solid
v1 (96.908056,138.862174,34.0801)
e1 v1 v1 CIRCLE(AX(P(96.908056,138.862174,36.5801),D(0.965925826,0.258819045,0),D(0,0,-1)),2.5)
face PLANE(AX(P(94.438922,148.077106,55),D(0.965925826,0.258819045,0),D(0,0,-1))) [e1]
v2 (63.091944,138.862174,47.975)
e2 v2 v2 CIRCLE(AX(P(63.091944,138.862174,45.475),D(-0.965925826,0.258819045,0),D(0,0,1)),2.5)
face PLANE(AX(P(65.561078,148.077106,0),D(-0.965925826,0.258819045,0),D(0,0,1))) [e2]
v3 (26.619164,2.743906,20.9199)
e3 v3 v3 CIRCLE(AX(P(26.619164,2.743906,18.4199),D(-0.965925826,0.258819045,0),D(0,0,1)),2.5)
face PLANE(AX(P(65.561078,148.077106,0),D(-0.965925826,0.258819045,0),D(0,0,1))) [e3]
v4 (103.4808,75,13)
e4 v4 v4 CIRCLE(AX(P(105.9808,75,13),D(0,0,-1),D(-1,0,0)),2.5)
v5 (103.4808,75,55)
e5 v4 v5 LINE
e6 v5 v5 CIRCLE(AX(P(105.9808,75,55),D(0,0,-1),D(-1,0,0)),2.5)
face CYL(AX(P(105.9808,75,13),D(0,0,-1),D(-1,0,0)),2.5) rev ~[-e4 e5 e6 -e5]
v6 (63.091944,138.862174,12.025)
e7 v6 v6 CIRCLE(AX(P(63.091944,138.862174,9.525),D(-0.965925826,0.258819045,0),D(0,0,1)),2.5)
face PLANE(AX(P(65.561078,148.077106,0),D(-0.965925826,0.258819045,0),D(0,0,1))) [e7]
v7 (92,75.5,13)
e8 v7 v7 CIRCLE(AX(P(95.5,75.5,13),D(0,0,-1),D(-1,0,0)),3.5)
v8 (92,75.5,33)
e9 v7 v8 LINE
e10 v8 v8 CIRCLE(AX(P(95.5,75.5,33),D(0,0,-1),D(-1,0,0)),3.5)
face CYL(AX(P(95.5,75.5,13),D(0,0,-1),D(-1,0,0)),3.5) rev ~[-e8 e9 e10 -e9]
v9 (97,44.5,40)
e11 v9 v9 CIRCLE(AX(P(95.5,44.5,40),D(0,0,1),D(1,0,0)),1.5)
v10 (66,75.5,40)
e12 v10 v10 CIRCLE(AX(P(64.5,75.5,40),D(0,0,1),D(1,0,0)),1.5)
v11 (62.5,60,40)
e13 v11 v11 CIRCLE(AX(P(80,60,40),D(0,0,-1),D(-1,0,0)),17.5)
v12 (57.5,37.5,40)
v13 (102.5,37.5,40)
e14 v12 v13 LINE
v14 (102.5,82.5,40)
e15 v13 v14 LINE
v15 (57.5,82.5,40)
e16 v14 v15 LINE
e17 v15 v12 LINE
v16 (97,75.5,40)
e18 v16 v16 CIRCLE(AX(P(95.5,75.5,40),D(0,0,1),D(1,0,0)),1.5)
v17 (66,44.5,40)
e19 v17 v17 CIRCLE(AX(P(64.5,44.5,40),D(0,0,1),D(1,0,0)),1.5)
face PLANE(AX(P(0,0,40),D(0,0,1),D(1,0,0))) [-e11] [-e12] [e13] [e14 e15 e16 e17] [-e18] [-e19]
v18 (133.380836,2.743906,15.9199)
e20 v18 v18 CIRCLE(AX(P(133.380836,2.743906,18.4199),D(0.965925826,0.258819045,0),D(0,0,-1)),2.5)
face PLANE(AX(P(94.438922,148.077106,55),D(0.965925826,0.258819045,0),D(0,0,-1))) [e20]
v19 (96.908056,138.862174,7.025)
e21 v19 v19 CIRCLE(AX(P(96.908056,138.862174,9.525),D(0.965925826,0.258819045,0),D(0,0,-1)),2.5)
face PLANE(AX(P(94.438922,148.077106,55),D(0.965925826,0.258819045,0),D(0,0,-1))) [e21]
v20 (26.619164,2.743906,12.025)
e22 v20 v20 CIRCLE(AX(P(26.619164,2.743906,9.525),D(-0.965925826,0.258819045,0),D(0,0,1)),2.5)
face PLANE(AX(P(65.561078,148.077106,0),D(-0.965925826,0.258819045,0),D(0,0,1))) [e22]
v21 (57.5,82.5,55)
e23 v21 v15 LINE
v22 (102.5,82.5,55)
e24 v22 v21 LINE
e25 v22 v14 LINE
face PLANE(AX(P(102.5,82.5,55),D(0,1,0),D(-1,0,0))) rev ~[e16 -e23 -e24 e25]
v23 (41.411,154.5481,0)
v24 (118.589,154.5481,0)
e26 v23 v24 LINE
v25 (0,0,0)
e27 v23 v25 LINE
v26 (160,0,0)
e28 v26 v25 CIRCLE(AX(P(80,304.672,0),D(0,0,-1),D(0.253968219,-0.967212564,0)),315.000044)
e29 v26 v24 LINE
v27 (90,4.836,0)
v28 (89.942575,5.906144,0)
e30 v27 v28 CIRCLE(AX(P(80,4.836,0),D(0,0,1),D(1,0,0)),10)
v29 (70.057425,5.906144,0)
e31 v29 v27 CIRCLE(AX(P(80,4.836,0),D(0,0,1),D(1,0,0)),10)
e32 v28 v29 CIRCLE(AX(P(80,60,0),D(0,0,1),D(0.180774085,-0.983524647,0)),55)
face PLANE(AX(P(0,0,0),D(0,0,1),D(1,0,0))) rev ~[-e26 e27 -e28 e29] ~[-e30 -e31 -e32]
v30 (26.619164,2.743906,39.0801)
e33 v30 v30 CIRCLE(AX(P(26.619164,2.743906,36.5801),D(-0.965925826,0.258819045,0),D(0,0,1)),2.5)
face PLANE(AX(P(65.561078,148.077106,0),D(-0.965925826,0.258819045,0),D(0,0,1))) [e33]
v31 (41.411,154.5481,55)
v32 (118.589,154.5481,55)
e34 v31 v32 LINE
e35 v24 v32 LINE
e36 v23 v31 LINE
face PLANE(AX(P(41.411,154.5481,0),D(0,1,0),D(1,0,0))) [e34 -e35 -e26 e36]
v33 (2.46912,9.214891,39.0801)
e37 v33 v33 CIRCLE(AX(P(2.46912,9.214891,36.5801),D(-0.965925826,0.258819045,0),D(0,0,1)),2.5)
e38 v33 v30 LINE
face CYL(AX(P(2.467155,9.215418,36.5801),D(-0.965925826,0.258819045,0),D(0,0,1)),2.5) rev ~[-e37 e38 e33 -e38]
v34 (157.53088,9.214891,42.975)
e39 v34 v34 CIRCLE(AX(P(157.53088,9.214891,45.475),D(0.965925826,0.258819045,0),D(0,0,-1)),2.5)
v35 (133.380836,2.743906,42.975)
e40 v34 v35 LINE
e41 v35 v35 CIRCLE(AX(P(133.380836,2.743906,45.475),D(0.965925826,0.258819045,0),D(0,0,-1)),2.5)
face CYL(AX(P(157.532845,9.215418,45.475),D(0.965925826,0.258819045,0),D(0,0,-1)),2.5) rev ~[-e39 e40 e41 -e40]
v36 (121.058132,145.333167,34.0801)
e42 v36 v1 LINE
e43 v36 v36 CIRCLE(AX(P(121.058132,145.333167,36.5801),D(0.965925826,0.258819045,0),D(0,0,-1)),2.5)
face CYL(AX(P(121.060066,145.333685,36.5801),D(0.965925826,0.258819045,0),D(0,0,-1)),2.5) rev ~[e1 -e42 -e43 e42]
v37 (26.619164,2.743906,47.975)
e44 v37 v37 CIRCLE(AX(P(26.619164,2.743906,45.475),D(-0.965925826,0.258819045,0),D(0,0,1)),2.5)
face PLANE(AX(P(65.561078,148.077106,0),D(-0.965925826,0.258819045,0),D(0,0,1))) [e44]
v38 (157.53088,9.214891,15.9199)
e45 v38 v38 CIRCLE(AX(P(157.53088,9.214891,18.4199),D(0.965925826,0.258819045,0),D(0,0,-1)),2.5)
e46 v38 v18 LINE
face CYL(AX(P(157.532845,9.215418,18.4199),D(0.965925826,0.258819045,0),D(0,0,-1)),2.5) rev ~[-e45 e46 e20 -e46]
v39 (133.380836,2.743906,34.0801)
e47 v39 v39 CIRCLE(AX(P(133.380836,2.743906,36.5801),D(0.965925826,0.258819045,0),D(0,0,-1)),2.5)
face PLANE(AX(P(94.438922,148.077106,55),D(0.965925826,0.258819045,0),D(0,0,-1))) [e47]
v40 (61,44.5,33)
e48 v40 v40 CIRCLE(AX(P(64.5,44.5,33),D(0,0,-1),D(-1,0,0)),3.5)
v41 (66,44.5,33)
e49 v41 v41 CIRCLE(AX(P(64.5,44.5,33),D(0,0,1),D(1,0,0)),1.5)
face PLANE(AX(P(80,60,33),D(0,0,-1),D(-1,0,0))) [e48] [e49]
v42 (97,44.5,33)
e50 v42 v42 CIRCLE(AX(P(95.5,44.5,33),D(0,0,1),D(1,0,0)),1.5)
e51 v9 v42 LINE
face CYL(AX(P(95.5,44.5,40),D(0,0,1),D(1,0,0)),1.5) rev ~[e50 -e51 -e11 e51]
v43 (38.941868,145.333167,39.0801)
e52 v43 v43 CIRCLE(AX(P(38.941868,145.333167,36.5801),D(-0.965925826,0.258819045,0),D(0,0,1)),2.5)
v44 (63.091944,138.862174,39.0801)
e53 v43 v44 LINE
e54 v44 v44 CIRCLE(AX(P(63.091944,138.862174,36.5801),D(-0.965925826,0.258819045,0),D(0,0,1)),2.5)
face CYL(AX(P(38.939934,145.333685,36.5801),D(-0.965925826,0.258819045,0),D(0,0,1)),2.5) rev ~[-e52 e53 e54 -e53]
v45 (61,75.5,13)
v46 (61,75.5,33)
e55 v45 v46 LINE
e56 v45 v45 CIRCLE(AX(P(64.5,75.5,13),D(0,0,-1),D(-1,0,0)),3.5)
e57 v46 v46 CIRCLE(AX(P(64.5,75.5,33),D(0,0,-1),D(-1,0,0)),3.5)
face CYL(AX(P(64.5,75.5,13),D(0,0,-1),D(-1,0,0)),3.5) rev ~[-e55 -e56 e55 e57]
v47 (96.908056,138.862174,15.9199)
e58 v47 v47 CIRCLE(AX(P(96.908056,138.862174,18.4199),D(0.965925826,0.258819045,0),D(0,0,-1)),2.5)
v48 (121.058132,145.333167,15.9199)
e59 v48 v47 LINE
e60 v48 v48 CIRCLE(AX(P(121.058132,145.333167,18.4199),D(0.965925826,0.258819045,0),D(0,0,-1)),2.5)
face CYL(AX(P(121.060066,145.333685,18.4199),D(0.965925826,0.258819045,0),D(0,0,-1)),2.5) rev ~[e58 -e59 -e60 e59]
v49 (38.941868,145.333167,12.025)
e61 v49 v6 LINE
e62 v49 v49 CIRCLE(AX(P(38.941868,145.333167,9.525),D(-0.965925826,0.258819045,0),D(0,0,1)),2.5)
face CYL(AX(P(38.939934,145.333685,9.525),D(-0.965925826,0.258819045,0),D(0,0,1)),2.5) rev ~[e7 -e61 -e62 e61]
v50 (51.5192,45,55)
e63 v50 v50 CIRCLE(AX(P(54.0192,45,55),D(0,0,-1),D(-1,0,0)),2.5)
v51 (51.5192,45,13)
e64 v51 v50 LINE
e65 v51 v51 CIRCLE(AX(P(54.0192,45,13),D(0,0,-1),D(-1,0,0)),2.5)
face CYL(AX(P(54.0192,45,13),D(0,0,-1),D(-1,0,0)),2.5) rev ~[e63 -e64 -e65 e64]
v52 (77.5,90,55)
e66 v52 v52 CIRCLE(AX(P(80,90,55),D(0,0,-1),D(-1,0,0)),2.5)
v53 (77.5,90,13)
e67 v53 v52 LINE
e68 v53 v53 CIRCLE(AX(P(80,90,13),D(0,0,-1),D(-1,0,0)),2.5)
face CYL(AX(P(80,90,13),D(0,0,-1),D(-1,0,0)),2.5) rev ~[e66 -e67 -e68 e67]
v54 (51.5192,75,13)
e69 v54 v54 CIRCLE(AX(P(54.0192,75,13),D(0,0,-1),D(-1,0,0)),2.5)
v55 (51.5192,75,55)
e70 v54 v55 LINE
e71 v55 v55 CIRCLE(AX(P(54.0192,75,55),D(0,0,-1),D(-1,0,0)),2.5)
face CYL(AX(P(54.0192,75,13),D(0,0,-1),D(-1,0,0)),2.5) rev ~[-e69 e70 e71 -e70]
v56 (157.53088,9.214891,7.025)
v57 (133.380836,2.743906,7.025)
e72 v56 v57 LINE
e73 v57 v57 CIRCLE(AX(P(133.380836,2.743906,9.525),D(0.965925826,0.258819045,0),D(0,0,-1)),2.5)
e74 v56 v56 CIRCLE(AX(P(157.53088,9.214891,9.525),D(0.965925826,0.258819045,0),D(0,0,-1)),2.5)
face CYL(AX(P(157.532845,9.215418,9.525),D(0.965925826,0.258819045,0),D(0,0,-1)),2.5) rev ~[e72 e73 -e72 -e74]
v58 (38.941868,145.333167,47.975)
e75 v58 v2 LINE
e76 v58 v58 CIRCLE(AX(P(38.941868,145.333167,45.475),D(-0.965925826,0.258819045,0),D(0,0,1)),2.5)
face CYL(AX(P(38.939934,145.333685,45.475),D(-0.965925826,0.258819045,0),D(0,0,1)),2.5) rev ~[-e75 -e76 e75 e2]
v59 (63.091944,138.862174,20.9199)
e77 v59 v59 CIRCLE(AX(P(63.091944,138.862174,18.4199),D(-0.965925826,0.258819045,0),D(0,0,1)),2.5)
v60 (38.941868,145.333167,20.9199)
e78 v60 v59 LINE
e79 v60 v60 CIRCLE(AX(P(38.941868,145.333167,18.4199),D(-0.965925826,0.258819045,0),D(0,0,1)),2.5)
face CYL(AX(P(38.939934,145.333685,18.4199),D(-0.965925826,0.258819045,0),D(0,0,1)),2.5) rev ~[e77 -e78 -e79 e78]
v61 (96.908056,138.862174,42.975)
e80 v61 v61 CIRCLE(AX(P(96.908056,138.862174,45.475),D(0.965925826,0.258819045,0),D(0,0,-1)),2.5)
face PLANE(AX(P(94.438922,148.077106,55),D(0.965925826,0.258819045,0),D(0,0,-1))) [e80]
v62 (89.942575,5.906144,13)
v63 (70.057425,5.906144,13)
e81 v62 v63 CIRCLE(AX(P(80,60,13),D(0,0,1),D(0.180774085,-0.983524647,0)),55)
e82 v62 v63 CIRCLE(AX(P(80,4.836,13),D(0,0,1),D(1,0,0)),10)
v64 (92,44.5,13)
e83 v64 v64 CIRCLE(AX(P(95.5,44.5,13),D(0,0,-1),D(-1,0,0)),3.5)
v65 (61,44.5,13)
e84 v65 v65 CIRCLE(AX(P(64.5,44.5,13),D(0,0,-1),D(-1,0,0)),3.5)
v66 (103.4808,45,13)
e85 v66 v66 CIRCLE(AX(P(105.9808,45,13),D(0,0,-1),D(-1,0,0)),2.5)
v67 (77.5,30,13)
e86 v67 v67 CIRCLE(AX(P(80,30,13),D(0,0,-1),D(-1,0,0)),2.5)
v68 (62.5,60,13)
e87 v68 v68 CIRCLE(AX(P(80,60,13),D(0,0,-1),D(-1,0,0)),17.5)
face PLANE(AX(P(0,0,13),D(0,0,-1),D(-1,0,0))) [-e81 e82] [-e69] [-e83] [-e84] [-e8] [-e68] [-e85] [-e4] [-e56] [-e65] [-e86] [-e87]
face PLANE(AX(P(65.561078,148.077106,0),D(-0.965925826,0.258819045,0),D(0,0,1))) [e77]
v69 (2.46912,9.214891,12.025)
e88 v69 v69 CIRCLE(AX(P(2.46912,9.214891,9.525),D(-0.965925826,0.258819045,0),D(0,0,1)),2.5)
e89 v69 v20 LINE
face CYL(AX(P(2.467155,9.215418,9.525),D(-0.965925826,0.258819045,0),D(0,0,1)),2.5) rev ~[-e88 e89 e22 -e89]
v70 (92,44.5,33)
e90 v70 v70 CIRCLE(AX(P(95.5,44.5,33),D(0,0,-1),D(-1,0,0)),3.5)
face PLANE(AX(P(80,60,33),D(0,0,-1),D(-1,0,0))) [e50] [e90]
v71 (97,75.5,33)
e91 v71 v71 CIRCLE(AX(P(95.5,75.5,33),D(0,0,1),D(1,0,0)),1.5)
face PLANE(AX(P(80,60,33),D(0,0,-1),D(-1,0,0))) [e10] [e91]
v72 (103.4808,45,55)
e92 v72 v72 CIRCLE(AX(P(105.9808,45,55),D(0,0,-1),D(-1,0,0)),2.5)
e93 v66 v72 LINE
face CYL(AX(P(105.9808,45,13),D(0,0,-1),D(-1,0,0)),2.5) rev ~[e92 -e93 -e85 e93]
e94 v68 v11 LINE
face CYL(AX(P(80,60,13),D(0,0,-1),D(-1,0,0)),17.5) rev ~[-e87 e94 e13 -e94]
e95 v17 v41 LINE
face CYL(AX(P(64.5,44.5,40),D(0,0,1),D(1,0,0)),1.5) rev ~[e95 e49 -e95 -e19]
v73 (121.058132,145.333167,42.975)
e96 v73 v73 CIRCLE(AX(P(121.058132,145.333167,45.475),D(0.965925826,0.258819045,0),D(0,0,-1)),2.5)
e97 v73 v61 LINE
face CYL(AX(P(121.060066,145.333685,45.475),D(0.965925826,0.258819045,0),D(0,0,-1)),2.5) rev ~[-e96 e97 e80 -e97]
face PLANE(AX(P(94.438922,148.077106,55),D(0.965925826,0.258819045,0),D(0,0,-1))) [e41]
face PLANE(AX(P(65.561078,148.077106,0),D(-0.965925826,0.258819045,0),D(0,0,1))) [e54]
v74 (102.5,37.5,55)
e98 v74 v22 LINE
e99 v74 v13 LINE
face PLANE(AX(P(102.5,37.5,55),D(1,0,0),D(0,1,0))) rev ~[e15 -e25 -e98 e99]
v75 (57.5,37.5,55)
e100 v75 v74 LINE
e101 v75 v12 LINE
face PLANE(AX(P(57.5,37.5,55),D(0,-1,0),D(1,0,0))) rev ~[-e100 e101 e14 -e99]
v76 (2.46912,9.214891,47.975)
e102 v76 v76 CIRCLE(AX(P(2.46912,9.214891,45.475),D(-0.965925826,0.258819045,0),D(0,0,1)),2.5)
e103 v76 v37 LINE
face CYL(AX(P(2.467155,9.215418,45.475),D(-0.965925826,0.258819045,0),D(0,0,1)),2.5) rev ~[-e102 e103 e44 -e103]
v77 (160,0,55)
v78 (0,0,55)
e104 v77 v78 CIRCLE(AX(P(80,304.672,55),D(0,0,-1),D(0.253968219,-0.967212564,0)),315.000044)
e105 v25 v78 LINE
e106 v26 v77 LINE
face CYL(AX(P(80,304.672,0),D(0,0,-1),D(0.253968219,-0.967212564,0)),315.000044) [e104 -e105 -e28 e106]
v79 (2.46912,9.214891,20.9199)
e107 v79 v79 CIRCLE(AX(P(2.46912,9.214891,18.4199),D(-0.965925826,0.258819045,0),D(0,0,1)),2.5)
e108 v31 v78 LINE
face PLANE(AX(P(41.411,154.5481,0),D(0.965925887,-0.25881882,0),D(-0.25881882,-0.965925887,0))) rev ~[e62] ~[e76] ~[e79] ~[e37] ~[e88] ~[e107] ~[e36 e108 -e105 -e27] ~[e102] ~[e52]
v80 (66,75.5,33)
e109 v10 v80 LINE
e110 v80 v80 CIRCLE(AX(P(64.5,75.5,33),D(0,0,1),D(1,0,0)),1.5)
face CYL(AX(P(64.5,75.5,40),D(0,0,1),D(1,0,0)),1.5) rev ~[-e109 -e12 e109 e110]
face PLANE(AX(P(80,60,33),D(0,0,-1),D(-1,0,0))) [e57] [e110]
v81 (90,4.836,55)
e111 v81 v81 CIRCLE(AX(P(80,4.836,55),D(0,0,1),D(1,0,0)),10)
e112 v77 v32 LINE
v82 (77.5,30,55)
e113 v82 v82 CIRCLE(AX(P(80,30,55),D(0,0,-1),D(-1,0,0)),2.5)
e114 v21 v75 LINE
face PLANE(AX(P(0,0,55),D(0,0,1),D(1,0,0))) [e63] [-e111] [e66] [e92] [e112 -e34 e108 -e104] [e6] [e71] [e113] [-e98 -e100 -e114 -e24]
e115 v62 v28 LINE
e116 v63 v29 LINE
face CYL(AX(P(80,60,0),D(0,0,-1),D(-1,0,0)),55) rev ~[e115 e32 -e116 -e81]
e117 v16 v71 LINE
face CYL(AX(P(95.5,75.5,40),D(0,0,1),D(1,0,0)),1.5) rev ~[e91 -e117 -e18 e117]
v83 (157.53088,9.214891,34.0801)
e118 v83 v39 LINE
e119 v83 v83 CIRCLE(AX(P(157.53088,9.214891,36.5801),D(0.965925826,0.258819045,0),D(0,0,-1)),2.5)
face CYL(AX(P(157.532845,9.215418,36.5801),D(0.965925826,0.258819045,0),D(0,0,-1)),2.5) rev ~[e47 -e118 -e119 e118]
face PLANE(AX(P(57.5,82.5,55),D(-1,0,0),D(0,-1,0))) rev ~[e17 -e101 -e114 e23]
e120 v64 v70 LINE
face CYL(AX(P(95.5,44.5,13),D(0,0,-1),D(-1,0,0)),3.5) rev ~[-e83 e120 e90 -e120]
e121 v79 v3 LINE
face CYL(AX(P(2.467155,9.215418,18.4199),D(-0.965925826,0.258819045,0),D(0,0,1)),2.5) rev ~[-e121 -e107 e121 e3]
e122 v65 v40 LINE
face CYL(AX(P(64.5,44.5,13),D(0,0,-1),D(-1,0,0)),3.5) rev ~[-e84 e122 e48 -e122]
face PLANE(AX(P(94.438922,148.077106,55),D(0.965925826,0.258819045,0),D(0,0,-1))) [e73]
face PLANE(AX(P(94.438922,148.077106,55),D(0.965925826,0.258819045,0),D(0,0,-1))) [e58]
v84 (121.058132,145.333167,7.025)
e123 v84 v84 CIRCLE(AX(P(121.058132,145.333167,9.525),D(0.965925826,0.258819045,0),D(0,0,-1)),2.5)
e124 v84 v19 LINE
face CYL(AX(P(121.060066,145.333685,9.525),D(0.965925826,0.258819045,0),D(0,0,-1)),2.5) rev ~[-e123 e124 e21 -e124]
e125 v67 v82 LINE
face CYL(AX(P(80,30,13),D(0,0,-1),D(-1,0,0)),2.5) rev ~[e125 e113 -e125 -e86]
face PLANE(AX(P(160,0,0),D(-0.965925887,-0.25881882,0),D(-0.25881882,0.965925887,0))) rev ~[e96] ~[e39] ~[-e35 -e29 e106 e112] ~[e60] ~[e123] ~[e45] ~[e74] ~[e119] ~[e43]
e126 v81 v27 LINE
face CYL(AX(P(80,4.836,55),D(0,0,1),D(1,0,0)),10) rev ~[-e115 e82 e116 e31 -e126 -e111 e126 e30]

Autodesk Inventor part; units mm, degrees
ref_plane "YZ Plane" through (0, 0, 0) normal (1, 0, 0) x (0, 1, 0)
ref_plane "XZ Plane" through (0, 0, 0) normal (0, 1, 0) x (-1, 0, 0)
ref_plane "XY Plane" through (0, 0, 0) normal (0, 0, 1) x (1, 0, 0)
sketch "Sketch1" plane through (0, 0, 0) normal (0, 0, 1) x (1, 0, 0)
  line L0 (0, 0) -> (160, 0)
  line L1 (160, 0) -> (118.589, 154.5481)
  line L2 (41.411, 154.5481) -> (0, 0)
  line L3 (41.411, 154.5481) -> (118.589, 154.5481)
  dimension "d0" = 160
  dimension "d1" = 160
  dimension "d2" = 75
  dimension "d8" = 75
extrude "Extrusion1" add sketch "Sketch1" along normal blind 55
sketch "Sketch7" plane through (0, 0, 0) normal (0, 0, -1) x (-1, 0, 0)
  circle A0 centre (-80, 304.672) radius 315 construction
  line L0 (0, 0) -> (-160, 0) projected
  arc A1 (-160, 0) -> (0, 0) centre (-80, 304.672) ccw
  dimension "d28" = 630
extrude "Extrusion6" add sketch "Sketch7" against normal blind 55
sketch "Sketch19" plane through (0, 0, 0) normal (0, 0, -1) x (-1, 0, 0)
  circle A0 centre (-80, 60) radius 55
  line L0 (-118.589, 154.5481) -> (-41.411, 154.5481) projected
  point P0 (0, 0)
  point P1 (-80, 154.5481)
  dimension "d112" = 110
  dimension "d113" = 60
extrude "Extrusion19" cut sketch "Sketch19" against normal blind 13
sketch "Sketch20" plane through (80, 60, 13) normal (0, 0, -1) x (-1, 0, 0)
  circle A0 centre (0, 0) radius 55 construction
  circle A1 centre (0, 0) radius 17.5
  point P0 (80, -60)
  dimension "d116" = 35
extrude "Extrusion20" cut sketch "Sketch20" against normal through all
sketch "Sketch21" plane through (0, 0, 55) normal (0, 0, 1) x (1, 0, 0)
  circle A0 centre (80, 60) radius 17.5 construction
  line L0 (57.5, 37.5) -> (102.5, 37.5)
  line L1 (102.5, 37.5) -> (102.5, 82.5)
  line L2 (102.5, 82.5) -> (57.5, 82.5)
  line L3 (57.5, 82.5) -> (57.5, 37.5)
  point P0 (0, 0)
  point P1 (57.5, 60)
  point P2 (80, 82.5)
  dimension "d119" = 45
  dimension "d120" = 45
extrude "Extrusion21" cut sketch "Sketch21" against normal blind 15
sketch "Sketch23" plane through (0, 0, 40) normal (0, 0, 1) x (1, 0, 0)
  line L0 (64.5, 75.5) -> (95.5, 75.5) construction
  line L1 (95.5, 75.5) -> (95.5, 44.5) construction
  line L2 (95.5, 44.5) -> (64.5, 44.5) construction
  line L3 (64.5, 44.5) -> (64.5, 75.5) construction
  circle A0 centre (80, 60) radius 17.5 construction
  circle A1 centre (95.5, 75.5) radius 1.5
  circle A2 centre (95.5, 44.5) radius 1.5
  circle A3 centre (64.5, 44.5) radius 1.5
  circle A4 centre (64.5, 75.5) radius 1.5
  point P0 (0, 0)
  point P1 (64.5, 60)
  point P2 (80, 75.5)
  dimension "d126" = 31
  dimension "d127" = 31
  dimension "d128" = 3
  dimension "d129" = 3
  dimension "d130" = 3
  dimension "d131" = 3
extrude "Extrusion23" cut sketch "Sketch23" against normal through all
sketch "Sketch25" plane through (80, 60, 13) normal (0, 0, -1) x (-1, 0, 0)
  circle A0 centre (0, 30) radius 2.5
  circle A1 centre (0, 0) radius 55 construction
  circle A2 centre (-25.9808, 15) radius 2.5
  circle A3 centre (-25.9808, -15) radius 2.5
  circle A4 centre (0, -30) radius 2.5
  circle A5 centre (25.9808, -15) radius 2.5
  circle A6 centre (25.9808, 15) radius 2.5
  point P0 (80, -60)
  dimension "d138" = 5
  dimension "d139" = 30
  dimension "d142" = 360
extrude "Extrusion25" cut sketch "Sketch25" against normal through all
sketch "Sketch26" plane through (80, 60, 13) normal (0, 0, -1) x (-1, 0, 0)
  circle A0 centre (15.5, -15.5) radius 1.5 projected
  circle A1 centre (-15.5, -15.5) radius 1.5 projected
  circle A2 centre (-15.5, 15.5) radius 1.5 projected
  circle A3 centre (15.5, 15.5) radius 1.5 projected
  circle A4 centre (15.5, -15.5) radius 3.5
  circle A5 centre (-15.5, -15.5) radius 1.5 projected
  circle A6 centre (-15.5, -15.5) radius 3.5
  circle A7 centre (-15.5, 15.5) radius 3.5
  circle A8 centre (15.5, 15.5) radius 3.5
  point P0 (80, -60)
  dimension "d146" = 7
  dimension "d147" = 7
  dimension "d148" = 7
  dimension "d149" = 7
extrude "Extrusion26" cut sketch "Sketch26" against normal blind 20 contours A0 | A1 | A2 | A3 | A4 | A6 | A7 | A8
sketch "Sketch27" plane through (0, 0, 55) normal (0, 0, 1) x (1, 0, 0)
  circle A0 centre (80, 4.836) radius 10
  line L0 (118.589, 154.5481) -> (41.411, 154.5481) construction
  line L1 (80, 154.5481) -> (80, -10.328) construction
  arc A1 (0, 0) -> (160, 0) centre (80, 304.672) ccw construction
  dimension "d152" = 20
  dimension "d153" = 15.164
extrude "Extrusion27" cut sketch "Sketch27" against normal through all
sketch "Sketch28" plane through (41.411, 154.5481, 0) normal (-0.9659, 0.2588, 0) x (0, 0, 1)
  line L0 (9.525, -150.46) -> (9.525, -9.54) construction
  circle A0 centre (9.525, -150.46) radius 2.5
  circle A1 centre (9.525, -9.54) radius 2.5
  line L1 (0, 0) -> (0, -160) projected
  circle A2 centre (18.4199, -9.54) radius 2.5
  circle A3 centre (36.5801, -9.54) radius 2.5
  circle A4 centre (45.475, -9.54) radius 2.5
  line L2 (55, 0) -> (55, -160) projected
  circle A5 centre (18.4199, -150.46) radius 2.5
  circle A6 centre (36.5801, -150.46) radius 2.5
  circle A7 centre (45.475, -150.46) radius 2.5
  point P0 (9.525, -80)
  point P1 (0, -80)
  dimension "d156" = 140.92
  dimension "d157" = 5
  dimension "d158" = 5
  dimension "d159" = 9.525
  dimension "d160" = 5
  dimension "d161" = 5
  dimension "d162" = 5
  dimension "d163" = 18.4199
  dimension "d164" = 18.4199
  dimension "d165" = 9.525
  dimension "d166" = 5
  dimension "d167" = 5
  dimension "d168" = 5
extrude "Extrusion28" cut sketch "Sketch28" against normal blind 25
sketch "Sketch29" plane through (118.589, 154.5481, 55) normal (0.9659, 0.2588, 0) x (0, 0, -1)
  line L0 (9.525, -150.46) -> (9.525, -9.54) construction
  circle A0 centre (9.525, -150.46) radius 2.5
  circle A1 centre (9.525, -9.54) radius 2.5
  circle A2 centre (18.4199, -9.54) radius 2.5
  circle A3 centre (36.5801, -9.54) radius 2.5
  circle A4 centre (45.475, -9.54) radius 2.5
  circle A5 centre (18.4199, -150.46) radius 2.5
  circle A6 centre (36.5801, -150.46) radius 2.5
  circle A7 centre (45.475, -150.46) radius 2.5
  line L1 (0, -160) -> (0, 0) projected
  line L2 (55, -160) -> (55, 0) projected
  point P0 (9.525, -80)
  point P1 (0, -80)
  point P2 (0, -80)
  dimension "d169" = 140.92
  dimension "d170" = 5
  dimension "d171" = 5
  dimension "d173" = 5
  dimension "d174" = 5
  dimension "d175" = 5
  dimension "d179" = 5
  dimension "d180" = 5
  dimension "d181" = 5
  dimension "d184" = 9.525
  dimension "d185" = 18.4199
  dimension "d186" = 9.525
  dimension "d187" = 18.4199
extrude "Extrusion29" cut sketch "Sketch29" against normal blind 25
properties part number "CA001" material "ABS Plastic"
